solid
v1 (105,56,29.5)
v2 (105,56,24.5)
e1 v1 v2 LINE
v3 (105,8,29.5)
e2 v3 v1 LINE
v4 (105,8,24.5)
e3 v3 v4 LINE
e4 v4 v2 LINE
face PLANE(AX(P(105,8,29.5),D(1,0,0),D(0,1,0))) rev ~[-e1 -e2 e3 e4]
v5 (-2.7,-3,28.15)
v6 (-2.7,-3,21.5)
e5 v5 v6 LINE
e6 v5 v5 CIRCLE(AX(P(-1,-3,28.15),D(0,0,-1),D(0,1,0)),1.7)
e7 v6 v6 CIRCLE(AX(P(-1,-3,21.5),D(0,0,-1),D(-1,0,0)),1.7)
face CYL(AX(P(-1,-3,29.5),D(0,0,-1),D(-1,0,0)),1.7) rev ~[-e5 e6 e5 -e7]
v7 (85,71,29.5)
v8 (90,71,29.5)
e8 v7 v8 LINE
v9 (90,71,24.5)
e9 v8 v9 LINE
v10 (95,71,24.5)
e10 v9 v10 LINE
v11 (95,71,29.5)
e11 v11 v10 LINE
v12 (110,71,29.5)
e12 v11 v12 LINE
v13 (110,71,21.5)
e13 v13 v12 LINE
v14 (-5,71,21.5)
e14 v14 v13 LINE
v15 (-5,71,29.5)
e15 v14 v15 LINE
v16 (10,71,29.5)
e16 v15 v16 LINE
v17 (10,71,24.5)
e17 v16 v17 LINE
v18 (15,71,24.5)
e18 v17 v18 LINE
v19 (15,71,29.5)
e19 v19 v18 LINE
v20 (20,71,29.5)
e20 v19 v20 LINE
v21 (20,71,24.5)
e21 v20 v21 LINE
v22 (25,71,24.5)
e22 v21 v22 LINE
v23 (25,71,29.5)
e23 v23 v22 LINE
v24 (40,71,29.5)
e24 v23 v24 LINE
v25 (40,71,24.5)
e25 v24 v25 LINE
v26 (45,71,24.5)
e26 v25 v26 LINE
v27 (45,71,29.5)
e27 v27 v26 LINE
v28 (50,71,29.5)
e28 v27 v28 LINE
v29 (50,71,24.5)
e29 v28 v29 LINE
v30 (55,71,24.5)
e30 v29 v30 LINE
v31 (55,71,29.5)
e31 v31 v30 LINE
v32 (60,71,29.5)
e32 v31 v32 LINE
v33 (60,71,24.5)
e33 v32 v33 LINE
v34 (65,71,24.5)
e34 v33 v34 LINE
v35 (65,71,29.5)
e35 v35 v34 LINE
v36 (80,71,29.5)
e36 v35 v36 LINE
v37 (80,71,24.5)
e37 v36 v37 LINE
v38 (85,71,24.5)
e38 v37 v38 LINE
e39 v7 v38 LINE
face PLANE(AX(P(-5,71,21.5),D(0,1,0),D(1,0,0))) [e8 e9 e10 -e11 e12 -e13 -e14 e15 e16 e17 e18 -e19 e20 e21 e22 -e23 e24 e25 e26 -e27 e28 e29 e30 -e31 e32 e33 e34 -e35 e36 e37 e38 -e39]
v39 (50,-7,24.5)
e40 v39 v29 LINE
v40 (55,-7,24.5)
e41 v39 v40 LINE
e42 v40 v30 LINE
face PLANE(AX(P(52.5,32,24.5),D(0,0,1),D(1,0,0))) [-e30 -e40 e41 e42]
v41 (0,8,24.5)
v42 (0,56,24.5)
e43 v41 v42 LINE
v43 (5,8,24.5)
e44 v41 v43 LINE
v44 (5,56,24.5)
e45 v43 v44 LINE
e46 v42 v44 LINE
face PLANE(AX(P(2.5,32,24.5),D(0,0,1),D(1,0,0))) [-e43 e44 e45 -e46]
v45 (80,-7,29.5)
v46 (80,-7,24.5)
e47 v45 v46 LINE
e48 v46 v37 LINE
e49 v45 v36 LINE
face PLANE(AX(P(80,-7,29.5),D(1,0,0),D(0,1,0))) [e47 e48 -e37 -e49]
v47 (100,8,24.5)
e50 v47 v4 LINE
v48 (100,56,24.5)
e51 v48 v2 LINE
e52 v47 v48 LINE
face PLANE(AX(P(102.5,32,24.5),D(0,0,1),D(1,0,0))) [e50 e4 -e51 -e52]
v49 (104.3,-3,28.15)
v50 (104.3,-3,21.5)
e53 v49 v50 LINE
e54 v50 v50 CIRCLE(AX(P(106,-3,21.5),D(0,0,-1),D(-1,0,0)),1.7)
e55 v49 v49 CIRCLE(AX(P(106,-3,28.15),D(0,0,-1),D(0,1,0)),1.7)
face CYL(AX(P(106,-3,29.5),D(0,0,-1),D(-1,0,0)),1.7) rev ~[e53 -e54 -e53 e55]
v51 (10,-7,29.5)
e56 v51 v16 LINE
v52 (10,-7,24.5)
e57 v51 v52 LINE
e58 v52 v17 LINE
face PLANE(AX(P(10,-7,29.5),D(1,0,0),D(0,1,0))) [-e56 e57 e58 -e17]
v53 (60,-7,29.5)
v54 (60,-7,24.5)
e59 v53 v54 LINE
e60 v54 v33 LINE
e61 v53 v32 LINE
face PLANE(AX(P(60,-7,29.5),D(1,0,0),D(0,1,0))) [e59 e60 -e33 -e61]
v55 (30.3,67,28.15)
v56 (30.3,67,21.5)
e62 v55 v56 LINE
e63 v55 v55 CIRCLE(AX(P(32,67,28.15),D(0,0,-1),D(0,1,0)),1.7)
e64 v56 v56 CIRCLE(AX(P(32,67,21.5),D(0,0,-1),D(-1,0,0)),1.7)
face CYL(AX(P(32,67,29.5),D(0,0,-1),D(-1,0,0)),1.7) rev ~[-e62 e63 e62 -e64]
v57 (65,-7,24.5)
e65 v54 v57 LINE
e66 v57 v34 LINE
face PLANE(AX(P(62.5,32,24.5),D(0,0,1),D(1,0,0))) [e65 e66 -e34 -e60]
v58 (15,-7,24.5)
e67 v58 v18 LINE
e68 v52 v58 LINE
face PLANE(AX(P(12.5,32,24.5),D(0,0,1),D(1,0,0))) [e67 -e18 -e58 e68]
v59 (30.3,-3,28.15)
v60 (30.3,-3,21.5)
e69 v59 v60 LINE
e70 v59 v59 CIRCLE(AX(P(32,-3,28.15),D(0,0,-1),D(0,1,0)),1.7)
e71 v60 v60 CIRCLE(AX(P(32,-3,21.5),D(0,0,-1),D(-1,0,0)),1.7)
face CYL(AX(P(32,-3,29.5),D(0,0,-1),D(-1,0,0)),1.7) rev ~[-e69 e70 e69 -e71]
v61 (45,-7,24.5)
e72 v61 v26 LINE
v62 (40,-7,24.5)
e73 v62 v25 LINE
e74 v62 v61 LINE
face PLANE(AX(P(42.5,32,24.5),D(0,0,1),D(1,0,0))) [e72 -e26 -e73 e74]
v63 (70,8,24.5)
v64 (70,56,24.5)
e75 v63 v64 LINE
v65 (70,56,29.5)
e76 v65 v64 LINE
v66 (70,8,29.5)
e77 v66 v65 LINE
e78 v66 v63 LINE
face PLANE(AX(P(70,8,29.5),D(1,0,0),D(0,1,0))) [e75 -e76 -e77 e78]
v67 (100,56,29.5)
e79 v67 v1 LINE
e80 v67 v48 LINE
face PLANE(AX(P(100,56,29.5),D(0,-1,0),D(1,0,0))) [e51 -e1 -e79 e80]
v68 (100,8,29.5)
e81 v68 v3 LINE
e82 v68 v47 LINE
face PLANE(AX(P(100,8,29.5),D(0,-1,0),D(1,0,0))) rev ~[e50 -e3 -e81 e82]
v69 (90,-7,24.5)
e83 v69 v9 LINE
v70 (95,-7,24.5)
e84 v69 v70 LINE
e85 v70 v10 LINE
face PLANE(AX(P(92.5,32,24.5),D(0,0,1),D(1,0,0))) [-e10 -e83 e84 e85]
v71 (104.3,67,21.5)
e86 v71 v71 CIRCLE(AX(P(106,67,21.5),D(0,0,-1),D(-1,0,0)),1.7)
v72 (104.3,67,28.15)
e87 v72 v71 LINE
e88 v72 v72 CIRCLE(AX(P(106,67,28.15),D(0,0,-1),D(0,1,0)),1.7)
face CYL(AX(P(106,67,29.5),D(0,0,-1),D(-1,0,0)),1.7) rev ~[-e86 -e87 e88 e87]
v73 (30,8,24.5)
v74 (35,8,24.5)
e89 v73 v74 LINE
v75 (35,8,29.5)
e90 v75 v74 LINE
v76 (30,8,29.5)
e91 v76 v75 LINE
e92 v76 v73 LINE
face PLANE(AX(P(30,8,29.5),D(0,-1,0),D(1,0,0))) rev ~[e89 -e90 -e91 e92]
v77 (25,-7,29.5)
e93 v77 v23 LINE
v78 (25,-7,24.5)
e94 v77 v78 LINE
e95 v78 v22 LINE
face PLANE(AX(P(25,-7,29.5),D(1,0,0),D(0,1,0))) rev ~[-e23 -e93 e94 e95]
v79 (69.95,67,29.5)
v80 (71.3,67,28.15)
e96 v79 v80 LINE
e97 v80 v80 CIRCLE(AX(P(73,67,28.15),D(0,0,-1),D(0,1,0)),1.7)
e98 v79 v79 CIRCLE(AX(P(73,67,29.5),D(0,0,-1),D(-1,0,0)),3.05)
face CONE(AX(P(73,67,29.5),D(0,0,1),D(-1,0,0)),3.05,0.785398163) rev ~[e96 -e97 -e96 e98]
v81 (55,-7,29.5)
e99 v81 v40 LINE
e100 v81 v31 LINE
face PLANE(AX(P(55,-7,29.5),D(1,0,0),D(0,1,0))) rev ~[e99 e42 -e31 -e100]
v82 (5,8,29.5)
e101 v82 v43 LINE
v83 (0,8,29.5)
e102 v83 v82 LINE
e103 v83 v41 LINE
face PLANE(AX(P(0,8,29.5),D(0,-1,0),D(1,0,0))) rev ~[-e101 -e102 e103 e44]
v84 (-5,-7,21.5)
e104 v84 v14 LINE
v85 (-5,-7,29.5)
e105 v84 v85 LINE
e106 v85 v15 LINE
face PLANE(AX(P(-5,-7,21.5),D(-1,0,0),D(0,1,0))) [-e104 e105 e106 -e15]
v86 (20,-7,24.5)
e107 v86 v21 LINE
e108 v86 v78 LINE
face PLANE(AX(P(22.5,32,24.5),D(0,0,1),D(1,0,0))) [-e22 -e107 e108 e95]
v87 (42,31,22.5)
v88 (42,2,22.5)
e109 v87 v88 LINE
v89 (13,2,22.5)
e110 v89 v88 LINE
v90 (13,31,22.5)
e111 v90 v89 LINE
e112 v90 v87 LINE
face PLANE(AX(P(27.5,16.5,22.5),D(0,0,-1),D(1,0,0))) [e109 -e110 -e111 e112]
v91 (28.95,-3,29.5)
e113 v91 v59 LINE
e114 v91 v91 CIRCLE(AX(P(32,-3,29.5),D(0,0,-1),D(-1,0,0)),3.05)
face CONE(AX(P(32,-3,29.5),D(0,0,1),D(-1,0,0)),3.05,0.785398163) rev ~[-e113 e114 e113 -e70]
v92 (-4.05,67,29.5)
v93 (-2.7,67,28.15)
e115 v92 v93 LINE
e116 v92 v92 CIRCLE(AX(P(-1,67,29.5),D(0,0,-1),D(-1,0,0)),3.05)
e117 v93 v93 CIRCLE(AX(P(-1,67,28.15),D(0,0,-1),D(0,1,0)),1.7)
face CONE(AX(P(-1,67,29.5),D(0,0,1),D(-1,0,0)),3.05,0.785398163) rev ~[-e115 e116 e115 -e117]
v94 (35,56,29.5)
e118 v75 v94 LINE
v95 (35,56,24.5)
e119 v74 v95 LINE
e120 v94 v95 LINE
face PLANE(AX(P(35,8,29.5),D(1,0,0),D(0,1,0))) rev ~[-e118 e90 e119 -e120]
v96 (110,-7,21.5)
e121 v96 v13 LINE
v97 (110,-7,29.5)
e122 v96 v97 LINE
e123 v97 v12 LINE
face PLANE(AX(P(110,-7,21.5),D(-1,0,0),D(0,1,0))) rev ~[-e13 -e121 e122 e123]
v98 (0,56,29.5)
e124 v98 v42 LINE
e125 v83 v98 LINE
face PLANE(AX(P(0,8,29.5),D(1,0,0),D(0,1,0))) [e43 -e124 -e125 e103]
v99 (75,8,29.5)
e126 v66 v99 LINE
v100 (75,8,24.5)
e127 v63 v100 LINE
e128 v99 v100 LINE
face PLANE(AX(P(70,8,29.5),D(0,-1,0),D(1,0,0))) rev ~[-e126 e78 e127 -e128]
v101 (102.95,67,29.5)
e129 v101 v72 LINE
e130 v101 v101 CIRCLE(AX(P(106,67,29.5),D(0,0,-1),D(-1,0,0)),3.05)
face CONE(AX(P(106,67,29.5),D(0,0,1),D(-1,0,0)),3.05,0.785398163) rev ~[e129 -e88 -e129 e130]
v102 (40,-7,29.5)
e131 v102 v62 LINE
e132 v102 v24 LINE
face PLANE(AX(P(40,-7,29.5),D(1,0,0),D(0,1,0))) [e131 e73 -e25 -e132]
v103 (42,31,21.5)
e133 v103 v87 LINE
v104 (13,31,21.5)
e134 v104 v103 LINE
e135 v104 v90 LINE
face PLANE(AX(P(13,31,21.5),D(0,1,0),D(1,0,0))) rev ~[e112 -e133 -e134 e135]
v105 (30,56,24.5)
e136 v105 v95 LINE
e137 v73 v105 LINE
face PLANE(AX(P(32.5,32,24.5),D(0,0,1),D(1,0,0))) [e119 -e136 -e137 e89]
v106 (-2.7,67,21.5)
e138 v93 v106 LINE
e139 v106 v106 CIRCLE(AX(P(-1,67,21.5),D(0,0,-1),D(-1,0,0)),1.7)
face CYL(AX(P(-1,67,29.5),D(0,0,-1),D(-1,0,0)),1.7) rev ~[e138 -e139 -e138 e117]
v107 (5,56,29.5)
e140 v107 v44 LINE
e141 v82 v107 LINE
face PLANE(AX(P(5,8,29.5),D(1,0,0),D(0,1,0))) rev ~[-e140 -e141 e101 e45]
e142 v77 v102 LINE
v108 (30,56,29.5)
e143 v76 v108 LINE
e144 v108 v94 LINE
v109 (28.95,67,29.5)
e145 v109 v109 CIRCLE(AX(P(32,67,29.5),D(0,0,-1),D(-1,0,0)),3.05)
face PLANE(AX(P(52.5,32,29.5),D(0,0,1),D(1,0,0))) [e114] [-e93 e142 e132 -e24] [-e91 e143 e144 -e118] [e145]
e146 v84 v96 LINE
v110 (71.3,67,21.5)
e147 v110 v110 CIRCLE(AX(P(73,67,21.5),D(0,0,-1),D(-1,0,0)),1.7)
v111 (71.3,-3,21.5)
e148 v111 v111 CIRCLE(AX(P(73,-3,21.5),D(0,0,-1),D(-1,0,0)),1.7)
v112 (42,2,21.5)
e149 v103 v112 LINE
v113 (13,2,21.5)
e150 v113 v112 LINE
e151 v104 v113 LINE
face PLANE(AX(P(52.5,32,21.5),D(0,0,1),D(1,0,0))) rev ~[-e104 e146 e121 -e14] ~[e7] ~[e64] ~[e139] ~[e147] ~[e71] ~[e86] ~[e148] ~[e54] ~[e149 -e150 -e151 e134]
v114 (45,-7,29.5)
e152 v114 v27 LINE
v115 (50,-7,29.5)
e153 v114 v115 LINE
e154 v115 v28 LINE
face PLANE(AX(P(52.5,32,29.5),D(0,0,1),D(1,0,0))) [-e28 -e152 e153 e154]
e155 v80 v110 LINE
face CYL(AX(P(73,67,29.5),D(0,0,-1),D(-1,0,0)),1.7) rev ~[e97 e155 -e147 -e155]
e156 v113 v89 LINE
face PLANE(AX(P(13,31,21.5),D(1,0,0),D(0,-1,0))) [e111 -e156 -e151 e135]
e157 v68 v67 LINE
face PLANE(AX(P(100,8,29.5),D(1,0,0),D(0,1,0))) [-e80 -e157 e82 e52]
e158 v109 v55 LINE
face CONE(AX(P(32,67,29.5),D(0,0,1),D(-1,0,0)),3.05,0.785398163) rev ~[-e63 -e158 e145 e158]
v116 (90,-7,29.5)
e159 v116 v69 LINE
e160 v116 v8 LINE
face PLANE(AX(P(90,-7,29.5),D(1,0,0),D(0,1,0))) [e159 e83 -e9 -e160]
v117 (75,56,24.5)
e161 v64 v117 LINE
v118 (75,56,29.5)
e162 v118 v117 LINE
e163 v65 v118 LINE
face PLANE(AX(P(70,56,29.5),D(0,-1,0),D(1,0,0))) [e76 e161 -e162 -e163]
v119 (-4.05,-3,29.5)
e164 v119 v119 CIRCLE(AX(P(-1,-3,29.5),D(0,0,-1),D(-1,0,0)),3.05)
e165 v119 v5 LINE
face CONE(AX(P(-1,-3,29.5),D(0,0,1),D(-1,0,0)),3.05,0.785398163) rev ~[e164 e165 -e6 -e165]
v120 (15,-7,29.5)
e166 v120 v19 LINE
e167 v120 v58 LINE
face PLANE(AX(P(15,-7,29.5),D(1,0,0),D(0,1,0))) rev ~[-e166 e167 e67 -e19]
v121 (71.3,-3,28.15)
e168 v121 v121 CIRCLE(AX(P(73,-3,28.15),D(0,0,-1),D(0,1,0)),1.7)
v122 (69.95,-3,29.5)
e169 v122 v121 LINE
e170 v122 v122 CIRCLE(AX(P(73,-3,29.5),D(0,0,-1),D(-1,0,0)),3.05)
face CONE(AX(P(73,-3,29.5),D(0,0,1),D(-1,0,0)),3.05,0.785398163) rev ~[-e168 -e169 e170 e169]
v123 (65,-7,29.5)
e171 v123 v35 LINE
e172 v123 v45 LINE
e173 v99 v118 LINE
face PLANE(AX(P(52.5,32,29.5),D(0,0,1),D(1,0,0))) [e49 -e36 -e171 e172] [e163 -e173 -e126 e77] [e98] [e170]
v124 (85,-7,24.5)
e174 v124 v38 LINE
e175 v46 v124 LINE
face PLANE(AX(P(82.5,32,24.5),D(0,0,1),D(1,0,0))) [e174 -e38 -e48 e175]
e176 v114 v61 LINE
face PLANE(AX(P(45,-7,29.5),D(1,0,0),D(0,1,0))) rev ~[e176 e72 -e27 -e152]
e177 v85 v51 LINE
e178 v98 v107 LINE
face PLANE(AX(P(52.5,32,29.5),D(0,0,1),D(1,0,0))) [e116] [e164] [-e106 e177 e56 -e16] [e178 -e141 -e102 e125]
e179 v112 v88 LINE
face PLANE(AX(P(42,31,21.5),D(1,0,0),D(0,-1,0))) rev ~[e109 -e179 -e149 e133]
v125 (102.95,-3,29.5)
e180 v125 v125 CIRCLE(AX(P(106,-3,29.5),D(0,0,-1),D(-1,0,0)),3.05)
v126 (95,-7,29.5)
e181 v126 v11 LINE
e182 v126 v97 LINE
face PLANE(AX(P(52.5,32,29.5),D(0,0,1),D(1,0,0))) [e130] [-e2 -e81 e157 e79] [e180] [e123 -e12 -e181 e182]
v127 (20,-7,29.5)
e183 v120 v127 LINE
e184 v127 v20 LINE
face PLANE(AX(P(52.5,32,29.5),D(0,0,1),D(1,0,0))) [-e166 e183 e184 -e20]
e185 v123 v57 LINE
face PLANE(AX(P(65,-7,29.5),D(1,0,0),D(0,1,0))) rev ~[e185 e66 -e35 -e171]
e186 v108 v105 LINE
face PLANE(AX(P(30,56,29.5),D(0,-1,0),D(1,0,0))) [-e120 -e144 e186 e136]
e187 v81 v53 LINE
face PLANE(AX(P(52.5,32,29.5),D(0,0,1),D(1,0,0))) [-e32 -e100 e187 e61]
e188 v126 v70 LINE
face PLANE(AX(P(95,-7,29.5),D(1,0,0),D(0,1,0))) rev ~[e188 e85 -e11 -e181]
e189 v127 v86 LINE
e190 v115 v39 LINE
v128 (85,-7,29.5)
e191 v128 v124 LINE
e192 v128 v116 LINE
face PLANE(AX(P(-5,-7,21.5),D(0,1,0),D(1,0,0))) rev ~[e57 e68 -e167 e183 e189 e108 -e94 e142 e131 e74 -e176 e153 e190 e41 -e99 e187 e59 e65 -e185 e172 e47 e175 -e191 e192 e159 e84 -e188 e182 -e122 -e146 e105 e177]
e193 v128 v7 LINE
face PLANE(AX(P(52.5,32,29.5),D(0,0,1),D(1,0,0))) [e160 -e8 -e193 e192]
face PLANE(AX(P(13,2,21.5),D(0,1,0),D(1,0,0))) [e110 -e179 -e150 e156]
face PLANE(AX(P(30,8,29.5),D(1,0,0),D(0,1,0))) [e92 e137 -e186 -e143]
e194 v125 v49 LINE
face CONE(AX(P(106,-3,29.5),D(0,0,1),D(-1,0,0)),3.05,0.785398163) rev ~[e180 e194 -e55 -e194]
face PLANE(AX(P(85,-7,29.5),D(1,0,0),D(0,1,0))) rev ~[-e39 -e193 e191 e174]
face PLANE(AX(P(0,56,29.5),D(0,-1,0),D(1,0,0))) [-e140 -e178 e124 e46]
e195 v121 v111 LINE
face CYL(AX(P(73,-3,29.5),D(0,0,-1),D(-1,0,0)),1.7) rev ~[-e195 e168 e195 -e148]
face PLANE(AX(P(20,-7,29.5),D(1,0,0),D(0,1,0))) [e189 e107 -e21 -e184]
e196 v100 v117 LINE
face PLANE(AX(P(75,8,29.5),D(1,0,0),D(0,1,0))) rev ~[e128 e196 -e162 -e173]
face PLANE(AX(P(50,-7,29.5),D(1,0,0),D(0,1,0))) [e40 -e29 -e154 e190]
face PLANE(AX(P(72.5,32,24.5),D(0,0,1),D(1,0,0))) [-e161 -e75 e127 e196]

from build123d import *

# Parameters (mm, degrees)
SKETCH022_W         = 115
SKETCH022_H         = 78
PAD010_DEPTH        = 8
HOLE002_D           = 3.4
HOLE002_DEPTH       = 8
HOLE002_CSINK_D     = 6.1
HOLE002_CSINK_ANGLE = 90
HOLE002_TIPS_R      = 1.7
SKETCH027_W         = 29
SKETCH027_H         = 29
POCKET009_DEPTH     = 1
SKETCH032_W         = 5
SKETCH032_H         = 48
SKETCH032_H_2       = 78
POCKET012_DEPTH     = 5


with BuildPart() as part:
    # Sketch022 (on Face1 of CopyPad011) → Pad010 (new body)
    with BuildSketch(Plane.XY.offset(24)):
        with Locations((52.5, 32)):
            Rectangle(SKETCH022_W, SKETCH022_H)
    extrude(amount=PAD010_DEPTH)

    # Hole002
    with Locations(Plane.XY.offset(32)):
        with Locations((-1, 67), (106, 67), (106, -3), (-1, -3), (32, 67), (73, -3), (32, -3), (73, 67)):
            CounterSinkHole(HOLE002_D / 2, HOLE002_CSINK_D / 2, depth=HOLE002_DEPTH, counter_sink_angle=HOLE002_CSINK_ANGLE)

    # Hole002 tips → Hole002 tip 1 section 0
    with BuildSketch(Plane.XY.offset(24), mode=Mode.PRIVATE) as hole002_tip_1_s0:
        with Locations((-1, 67)):
            Circle(HOLE002_TIPS_R)
    loft([hole002_tip_1_s0.sketch, Vertex(-1, 67, 22.978537)], mode=Mode.SUBTRACT)

    # Hole002 tips → Hole002 tip 2 section 0
    with BuildSketch(Plane.XY.offset(24), mode=Mode.PRIVATE) as hole002_tip_2_s0:
        with Locations((106, 67)):
            Circle(HOLE002_TIPS_R)
    loft([hole002_tip_2_s0.sketch, Vertex(106, 67, 22.978537)], mode=Mode.SUBTRACT)

    # Hole002 tips → Hole002 tip 3 section 0
    with BuildSketch(Plane.XY.offset(24), mode=Mode.PRIVATE) as hole002_tip_3_s0:
        with Locations((106, -3)):
            Circle(HOLE002_TIPS_R)
    loft([hole002_tip_3_s0.sketch, Vertex(106, -3, 22.978537)], mode=Mode.SUBTRACT)

    # Hole002 tips → Hole002 tip 4 section 0
    with BuildSketch(Plane.XY.offset(24), mode=Mode.PRIVATE) as hole002_tip_4_s0:
        with Locations((-1, -3)):
            Circle(HOLE002_TIPS_R)
    loft([hole002_tip_4_s0.sketch, Vertex(-1, -3, 22.978537)], mode=Mode.SUBTRACT)

    # Hole002 tips → Hole002 tip 5 section 0
    with BuildSketch(Plane.XY.offset(24), mode=Mode.PRIVATE) as hole002_tip_5_s0:
        with Locations((32, 67)):
            Circle(HOLE002_TIPS_R)
    loft([hole002_tip_5_s0.sketch, Vertex(32, 67, 22.978537)], mode=Mode.SUBTRACT)

    # Hole002 tips → Hole002 tip 6 section 0
    with BuildSketch(Plane.XY.offset(24), mode=Mode.PRIVATE) as hole002_tip_6_s0:
        with Locations((73, -3)):
            Circle(HOLE002_TIPS_R)
    loft([hole002_tip_6_s0.sketch, Vertex(73, -3, 22.978537)], mode=Mode.SUBTRACT)

    # Hole002 tips → Hole002 tip 7 section 0
    with BuildSketch(Plane.XY.offset(24), mode=Mode.PRIVATE) as hole002_tip_7_s0:
        with Locations((32, -3)):
            Circle(HOLE002_TIPS_R)
    loft([hole002_tip_7_s0.sketch, Vertex(32, -3, 22.978537)], mode=Mode.SUBTRACT)

    # Hole002 tips → Hole002 tip 8 section 0
    with BuildSketch(Plane.XY.offset(24), mode=Mode.PRIVATE) as hole002_tip_8_s0:
        with Locations((73, 67)):
            Circle(HOLE002_TIPS_R)
    loft([hole002_tip_8_s0.sketch, Vertex(73, 67, 22.978537)], mode=Mode.SUBTRACT)

    # Sketch027 → Pocket009 (cut)
    with BuildSketch(Plane(origin=(0, 0, 24), x_dir=(1, 0, 0), z_dir=(0, 0, -1))):
        with Locations((27.5, -16.5)):
            Rectangle(SKETCH027_W, SKETCH027_H)
    extrude(amount=-POCKET009_DEPTH, mode=Mode.SUBTRACT)

    # Sketch032 (on Face5 of Pocket009) → Pocket012 (cut)
    with BuildSketch(Plane.XY.offset(32)):
        with Locations((2.5, 32)):
            Rectangle(SKETCH032_W, SKETCH032_H)
        with Locations((12.5, 32)):
            Rectangle(SKETCH032_W, SKETCH032_H_2)
        with Locations((22.5, 32)):
            Rectangle(SKETCH032_W, SKETCH032_H_2)
        with Locations((32.5, 32)):
            Rectangle(SKETCH032_W, SKETCH032_H)
        with Locations((42.5, 32)):
            Rectangle(SKETCH032_W, SKETCH032_H_2)
        with Locations((52.5, 32)):
            Rectangle(SKETCH032_W, SKETCH032_H_2)
        with Locations((62.5, 32)):
            Rectangle(SKETCH032_W, SKETCH032_H_2)
        with Locations((72.5, 32)):
            Rectangle(SKETCH032_W, SKETCH032_H)
        with Locations((82.5, 32)):
            Rectangle(SKETCH032_W, SKETCH032_H_2)
        with Locations((92.5, 32)):
            Rectangle(SKETCH032_W, SKETCH032_H_2)
        with Locations((102.5, 32)):
            Rectangle(SKETCH032_W, SKETCH032_H)
    extrude(amount=-POCKET012_DEPTH, mode=Mode.SUBTRACT)


with BuildPart() as part_1:
    # Body002 placement: moved
    add(part.part.moved(Location((0, 0, -2.5))))


solid = part_1.part
